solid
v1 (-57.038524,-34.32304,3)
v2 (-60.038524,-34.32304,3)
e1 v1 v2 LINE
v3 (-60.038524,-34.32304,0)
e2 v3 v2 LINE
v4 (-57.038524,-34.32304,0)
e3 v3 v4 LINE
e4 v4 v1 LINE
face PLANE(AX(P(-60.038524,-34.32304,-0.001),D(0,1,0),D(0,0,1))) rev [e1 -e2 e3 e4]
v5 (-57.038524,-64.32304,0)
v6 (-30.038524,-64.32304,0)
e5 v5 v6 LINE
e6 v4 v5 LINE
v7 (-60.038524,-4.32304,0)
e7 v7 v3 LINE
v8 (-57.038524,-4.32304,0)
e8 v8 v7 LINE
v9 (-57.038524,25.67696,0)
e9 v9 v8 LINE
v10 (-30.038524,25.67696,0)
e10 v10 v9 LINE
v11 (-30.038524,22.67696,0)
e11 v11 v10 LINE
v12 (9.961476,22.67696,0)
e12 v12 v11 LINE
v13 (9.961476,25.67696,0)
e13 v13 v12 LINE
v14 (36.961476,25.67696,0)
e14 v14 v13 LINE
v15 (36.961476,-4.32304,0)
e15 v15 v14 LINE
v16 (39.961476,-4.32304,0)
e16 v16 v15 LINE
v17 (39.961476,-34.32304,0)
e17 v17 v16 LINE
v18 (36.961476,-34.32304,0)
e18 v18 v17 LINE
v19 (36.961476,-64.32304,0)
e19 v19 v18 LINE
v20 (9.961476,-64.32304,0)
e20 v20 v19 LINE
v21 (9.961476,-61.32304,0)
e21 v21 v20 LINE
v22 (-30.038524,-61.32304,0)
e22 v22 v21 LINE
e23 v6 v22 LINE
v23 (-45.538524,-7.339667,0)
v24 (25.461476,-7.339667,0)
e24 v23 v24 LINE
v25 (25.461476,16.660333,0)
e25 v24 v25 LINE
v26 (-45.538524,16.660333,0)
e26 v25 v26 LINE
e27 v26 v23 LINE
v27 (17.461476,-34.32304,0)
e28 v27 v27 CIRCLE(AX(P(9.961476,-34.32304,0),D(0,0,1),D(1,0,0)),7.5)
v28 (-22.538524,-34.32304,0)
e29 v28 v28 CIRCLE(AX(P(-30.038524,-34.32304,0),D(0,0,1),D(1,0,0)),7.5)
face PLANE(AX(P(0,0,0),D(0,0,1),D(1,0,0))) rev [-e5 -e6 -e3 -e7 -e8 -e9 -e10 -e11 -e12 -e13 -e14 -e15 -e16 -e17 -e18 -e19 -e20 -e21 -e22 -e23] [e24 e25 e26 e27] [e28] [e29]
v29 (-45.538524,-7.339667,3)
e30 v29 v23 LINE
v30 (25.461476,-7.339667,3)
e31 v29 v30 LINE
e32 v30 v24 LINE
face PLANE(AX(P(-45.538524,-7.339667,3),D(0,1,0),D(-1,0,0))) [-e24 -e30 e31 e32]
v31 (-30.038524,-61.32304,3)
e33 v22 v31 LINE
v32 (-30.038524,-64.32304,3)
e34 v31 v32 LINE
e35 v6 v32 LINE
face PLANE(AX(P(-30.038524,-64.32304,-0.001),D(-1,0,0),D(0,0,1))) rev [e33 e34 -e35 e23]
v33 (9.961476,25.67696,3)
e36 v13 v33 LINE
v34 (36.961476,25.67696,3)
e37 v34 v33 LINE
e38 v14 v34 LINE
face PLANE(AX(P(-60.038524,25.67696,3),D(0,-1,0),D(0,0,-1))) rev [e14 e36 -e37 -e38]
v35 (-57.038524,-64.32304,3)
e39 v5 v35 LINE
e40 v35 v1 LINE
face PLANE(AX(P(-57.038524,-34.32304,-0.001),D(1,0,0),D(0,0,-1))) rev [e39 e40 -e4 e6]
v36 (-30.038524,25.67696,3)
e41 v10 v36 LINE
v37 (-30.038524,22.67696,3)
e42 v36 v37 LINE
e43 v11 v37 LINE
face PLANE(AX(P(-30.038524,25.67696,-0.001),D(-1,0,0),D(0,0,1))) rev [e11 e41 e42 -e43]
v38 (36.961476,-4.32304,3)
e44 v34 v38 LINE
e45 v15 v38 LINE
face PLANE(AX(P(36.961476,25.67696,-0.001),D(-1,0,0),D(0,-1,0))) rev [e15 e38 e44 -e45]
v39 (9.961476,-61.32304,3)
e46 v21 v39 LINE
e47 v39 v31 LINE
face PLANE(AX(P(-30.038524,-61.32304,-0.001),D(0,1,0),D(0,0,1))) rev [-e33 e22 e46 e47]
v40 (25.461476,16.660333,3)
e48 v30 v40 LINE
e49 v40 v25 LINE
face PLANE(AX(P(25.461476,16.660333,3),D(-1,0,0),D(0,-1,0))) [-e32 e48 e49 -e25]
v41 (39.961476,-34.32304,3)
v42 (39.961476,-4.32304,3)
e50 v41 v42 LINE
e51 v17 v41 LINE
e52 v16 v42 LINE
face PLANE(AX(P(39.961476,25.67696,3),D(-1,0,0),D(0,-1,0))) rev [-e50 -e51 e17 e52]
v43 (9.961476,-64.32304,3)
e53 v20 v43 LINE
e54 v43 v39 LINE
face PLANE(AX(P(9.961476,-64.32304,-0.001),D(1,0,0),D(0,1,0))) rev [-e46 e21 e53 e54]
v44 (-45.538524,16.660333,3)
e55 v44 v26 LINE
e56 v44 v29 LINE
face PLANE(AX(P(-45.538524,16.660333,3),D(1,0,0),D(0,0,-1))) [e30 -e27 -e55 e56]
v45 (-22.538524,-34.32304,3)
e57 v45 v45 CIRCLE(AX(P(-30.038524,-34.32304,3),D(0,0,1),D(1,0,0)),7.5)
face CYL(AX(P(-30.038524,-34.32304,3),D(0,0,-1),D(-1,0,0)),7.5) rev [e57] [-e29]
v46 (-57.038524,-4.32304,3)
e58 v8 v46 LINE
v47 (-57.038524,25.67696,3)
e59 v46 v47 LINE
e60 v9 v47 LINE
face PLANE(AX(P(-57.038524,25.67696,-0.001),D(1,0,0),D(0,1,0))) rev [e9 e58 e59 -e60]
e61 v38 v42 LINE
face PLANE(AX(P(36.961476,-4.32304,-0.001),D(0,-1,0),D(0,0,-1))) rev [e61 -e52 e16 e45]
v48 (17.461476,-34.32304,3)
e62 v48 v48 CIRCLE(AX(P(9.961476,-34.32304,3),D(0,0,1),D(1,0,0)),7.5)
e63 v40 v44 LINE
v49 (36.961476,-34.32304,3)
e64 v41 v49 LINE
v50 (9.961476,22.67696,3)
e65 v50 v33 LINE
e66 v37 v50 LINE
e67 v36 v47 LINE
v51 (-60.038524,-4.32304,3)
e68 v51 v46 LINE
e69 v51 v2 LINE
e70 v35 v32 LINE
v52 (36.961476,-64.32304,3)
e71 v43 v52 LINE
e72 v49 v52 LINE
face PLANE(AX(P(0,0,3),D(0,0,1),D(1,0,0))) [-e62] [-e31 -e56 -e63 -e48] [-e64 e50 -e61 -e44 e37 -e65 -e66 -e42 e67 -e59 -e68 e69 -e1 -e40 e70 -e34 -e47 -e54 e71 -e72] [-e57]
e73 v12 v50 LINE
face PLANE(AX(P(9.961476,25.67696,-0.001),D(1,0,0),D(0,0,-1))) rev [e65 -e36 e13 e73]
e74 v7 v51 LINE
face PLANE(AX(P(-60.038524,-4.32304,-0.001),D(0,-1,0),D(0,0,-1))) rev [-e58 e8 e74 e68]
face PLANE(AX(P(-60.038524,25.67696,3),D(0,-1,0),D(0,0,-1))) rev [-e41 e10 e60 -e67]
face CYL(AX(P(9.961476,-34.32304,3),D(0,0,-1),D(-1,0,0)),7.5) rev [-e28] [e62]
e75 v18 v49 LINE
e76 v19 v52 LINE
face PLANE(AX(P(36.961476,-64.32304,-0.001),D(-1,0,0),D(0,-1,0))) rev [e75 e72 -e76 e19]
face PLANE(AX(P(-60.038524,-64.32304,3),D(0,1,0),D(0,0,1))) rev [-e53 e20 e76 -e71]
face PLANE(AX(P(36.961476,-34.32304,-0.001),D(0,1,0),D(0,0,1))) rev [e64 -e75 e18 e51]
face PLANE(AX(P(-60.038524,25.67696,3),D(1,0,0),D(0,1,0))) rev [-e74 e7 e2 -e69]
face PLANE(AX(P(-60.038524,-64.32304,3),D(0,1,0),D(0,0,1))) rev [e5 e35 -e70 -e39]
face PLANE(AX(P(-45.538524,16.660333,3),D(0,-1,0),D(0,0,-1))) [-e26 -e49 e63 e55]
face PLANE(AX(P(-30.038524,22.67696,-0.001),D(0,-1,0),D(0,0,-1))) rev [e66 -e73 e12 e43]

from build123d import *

# Parameters (mm, degrees)
ESQUISSE1_W             = 100
ESQUISSE1_H             = 90
ESQUISSE1_R             = 7.5
ESQUISSE1_W_2           = 71
ESQUISSE1_H_2           = 24
BOSS_EXTRU_1_DEPTH      = 3
ENL_V_MAT_EXTRU_1_REACH = 90.04
ESQUISSE2_W             = 40
ESQUISSE2_H             = 3
ESQUISSE2_W_2           = 3
ESQUISSE2_H_2           = 30


with BuildPart() as part:
    # Esquisse1 → Boss.-Extru.1 (new body)
    with BuildSketch(Plane.XY):
        with Locations((-10.038524431, -19.32304038)):
            Rectangle(ESQUISSE1_W, ESQUISSE1_H)
        with Locations((-30.038524431, -34.32304038)):
            Circle(ESQUISSE1_R, mode=Mode.SUBTRACT)
        with Locations((9.961475569, -34.32304038)):
            Circle(ESQUISSE1_R, mode=Mode.SUBTRACT)
        with Locations((-10.038524431, 4.660332542)):
            Rectangle(ESQUISSE1_W_2, ESQUISSE1_H_2, mode=Mode.SUBTRACT)
    extrude(amount=BOSS_EXTRU_1_DEPTH)

    # Esquisse2 → Enlèv. mat.-Extru.1 (cut, up to next)
    with BuildSketch(Plane.XY.offset(3), mode=Mode.PRIVATE) as enl_v_mat_extru_1_sk1:
        with Locations((-10.038524431, 24.17695962)):
            Rectangle(ESQUISSE2_W, ESQUISSE2_H)
    enl_v_mat_extru_1_tool1 = extrude(enl_v_mat_extru_1_sk1.sketch, amount=-ENL_V_MAT_EXTRU_1_REACH, mode=Mode.PRIVATE) & part.part
    # Esquisse2 → Enlèv. mat.-Extru.1 (cut, up to next)
    with BuildSketch(Plane.XY.offset(3), mode=Mode.PRIVATE) as enl_v_mat_extru_1_sk2:
        with Locations((-58.538524431, 10.67695962)):
            Rectangle(ESQUISSE2_W_2, ESQUISSE2_H_2)
    enl_v_mat_extru_1_tool2 = extrude(enl_v_mat_extru_1_sk2.sketch, amount=-ENL_V_MAT_EXTRU_1_REACH, mode=Mode.PRIVATE) & part.part
    # Esquisse2 → Enlèv. mat.-Extru.1 (cut, up to next)
    with BuildSketch(Plane.XY.offset(3), mode=Mode.PRIVATE) as enl_v_mat_extru_1_sk3:
        with Locations((-58.538524431, -49.32304038)):
            Rectangle(ESQUISSE2_W_2, ESQUISSE2_H_2)
    enl_v_mat_extru_1_tool3 = extrude(enl_v_mat_extru_1_sk3.sketch, amount=-ENL_V_MAT_EXTRU_1_REACH, mode=Mode.PRIVATE) & part.part
    # Esquisse2 → Enlèv. mat.-Extru.1 (cut, up to next)
    with BuildSketch(Plane.XY.offset(3), mode=Mode.PRIVATE) as enl_v_mat_extru_1_sk4:
        with Locations((-10.038524431, -62.82304038)):
            Rectangle(ESQUISSE2_W, ESQUISSE2_H)
    enl_v_mat_extru_1_tool4 = extrude(enl_v_mat_extru_1_sk4.sketch, amount=-ENL_V_MAT_EXTRU_1_REACH, mode=Mode.PRIVATE) & part.part
    # Esquisse2 → Enlèv. mat.-Extru.1 (cut, up to next)
    with BuildSketch(Plane.XY.offset(3), mode=Mode.PRIVATE) as enl_v_mat_extru_1_sk5:
        with Locations((38.461475569, -49.32304038)):
            Rectangle(ESQUISSE2_W_2, ESQUISSE2_H_2)
    enl_v_mat_extru_1_tool5 = extrude(enl_v_mat_extru_1_sk5.sketch, amount=-ENL_V_MAT_EXTRU_1_REACH, mode=Mode.PRIVATE) & part.part
    # Esquisse2 → Enlèv. mat.-Extru.1 (cut, up to next)
    with BuildSketch(Plane.XY.offset(3), mode=Mode.PRIVATE) as enl_v_mat_extru_1_sk6:
        with Locations((38.461475569, 10.67695962)):
            Rectangle(ESQUISSE2_W_2, ESQUISSE2_H_2)
    enl_v_mat_extru_1_tool6 = extrude(enl_v_mat_extru_1_sk6.sketch, amount=-ENL_V_MAT_EXTRU_1_REACH, mode=Mode.PRIVATE) & part.part
    add(enl_v_mat_extru_1_tool1.solids().sort_by_distance((-10.038524, 24.17696, 3))[0], mode=Mode.SUBTRACT)
    add(enl_v_mat_extru_1_tool2.solids().sort_by_distance((-58.538524, 10.67696, 3))[0], mode=Mode.SUBTRACT)
    add(enl_v_mat_extru_1_tool3.solids().sort_by_distance((-58.538524, -49.32304, 3))[0], mode=Mode.SUBTRACT)
    add(enl_v_mat_extru_1_tool4.solids().sort_by_distance((-10.038524, -62.82304, 3))[0], mode=Mode.SUBTRACT)
    add(enl_v_mat_extru_1_tool5.solids().sort_by_distance((38.461476, -49.32304, 3))[0], mode=Mode.SUBTRACT)
    add(enl_v_mat_extru_1_tool6.solids().sort_by_distance((38.461476, 10.67696, 3))[0], mode=Mode.SUBTRACT)


solid = part.part
